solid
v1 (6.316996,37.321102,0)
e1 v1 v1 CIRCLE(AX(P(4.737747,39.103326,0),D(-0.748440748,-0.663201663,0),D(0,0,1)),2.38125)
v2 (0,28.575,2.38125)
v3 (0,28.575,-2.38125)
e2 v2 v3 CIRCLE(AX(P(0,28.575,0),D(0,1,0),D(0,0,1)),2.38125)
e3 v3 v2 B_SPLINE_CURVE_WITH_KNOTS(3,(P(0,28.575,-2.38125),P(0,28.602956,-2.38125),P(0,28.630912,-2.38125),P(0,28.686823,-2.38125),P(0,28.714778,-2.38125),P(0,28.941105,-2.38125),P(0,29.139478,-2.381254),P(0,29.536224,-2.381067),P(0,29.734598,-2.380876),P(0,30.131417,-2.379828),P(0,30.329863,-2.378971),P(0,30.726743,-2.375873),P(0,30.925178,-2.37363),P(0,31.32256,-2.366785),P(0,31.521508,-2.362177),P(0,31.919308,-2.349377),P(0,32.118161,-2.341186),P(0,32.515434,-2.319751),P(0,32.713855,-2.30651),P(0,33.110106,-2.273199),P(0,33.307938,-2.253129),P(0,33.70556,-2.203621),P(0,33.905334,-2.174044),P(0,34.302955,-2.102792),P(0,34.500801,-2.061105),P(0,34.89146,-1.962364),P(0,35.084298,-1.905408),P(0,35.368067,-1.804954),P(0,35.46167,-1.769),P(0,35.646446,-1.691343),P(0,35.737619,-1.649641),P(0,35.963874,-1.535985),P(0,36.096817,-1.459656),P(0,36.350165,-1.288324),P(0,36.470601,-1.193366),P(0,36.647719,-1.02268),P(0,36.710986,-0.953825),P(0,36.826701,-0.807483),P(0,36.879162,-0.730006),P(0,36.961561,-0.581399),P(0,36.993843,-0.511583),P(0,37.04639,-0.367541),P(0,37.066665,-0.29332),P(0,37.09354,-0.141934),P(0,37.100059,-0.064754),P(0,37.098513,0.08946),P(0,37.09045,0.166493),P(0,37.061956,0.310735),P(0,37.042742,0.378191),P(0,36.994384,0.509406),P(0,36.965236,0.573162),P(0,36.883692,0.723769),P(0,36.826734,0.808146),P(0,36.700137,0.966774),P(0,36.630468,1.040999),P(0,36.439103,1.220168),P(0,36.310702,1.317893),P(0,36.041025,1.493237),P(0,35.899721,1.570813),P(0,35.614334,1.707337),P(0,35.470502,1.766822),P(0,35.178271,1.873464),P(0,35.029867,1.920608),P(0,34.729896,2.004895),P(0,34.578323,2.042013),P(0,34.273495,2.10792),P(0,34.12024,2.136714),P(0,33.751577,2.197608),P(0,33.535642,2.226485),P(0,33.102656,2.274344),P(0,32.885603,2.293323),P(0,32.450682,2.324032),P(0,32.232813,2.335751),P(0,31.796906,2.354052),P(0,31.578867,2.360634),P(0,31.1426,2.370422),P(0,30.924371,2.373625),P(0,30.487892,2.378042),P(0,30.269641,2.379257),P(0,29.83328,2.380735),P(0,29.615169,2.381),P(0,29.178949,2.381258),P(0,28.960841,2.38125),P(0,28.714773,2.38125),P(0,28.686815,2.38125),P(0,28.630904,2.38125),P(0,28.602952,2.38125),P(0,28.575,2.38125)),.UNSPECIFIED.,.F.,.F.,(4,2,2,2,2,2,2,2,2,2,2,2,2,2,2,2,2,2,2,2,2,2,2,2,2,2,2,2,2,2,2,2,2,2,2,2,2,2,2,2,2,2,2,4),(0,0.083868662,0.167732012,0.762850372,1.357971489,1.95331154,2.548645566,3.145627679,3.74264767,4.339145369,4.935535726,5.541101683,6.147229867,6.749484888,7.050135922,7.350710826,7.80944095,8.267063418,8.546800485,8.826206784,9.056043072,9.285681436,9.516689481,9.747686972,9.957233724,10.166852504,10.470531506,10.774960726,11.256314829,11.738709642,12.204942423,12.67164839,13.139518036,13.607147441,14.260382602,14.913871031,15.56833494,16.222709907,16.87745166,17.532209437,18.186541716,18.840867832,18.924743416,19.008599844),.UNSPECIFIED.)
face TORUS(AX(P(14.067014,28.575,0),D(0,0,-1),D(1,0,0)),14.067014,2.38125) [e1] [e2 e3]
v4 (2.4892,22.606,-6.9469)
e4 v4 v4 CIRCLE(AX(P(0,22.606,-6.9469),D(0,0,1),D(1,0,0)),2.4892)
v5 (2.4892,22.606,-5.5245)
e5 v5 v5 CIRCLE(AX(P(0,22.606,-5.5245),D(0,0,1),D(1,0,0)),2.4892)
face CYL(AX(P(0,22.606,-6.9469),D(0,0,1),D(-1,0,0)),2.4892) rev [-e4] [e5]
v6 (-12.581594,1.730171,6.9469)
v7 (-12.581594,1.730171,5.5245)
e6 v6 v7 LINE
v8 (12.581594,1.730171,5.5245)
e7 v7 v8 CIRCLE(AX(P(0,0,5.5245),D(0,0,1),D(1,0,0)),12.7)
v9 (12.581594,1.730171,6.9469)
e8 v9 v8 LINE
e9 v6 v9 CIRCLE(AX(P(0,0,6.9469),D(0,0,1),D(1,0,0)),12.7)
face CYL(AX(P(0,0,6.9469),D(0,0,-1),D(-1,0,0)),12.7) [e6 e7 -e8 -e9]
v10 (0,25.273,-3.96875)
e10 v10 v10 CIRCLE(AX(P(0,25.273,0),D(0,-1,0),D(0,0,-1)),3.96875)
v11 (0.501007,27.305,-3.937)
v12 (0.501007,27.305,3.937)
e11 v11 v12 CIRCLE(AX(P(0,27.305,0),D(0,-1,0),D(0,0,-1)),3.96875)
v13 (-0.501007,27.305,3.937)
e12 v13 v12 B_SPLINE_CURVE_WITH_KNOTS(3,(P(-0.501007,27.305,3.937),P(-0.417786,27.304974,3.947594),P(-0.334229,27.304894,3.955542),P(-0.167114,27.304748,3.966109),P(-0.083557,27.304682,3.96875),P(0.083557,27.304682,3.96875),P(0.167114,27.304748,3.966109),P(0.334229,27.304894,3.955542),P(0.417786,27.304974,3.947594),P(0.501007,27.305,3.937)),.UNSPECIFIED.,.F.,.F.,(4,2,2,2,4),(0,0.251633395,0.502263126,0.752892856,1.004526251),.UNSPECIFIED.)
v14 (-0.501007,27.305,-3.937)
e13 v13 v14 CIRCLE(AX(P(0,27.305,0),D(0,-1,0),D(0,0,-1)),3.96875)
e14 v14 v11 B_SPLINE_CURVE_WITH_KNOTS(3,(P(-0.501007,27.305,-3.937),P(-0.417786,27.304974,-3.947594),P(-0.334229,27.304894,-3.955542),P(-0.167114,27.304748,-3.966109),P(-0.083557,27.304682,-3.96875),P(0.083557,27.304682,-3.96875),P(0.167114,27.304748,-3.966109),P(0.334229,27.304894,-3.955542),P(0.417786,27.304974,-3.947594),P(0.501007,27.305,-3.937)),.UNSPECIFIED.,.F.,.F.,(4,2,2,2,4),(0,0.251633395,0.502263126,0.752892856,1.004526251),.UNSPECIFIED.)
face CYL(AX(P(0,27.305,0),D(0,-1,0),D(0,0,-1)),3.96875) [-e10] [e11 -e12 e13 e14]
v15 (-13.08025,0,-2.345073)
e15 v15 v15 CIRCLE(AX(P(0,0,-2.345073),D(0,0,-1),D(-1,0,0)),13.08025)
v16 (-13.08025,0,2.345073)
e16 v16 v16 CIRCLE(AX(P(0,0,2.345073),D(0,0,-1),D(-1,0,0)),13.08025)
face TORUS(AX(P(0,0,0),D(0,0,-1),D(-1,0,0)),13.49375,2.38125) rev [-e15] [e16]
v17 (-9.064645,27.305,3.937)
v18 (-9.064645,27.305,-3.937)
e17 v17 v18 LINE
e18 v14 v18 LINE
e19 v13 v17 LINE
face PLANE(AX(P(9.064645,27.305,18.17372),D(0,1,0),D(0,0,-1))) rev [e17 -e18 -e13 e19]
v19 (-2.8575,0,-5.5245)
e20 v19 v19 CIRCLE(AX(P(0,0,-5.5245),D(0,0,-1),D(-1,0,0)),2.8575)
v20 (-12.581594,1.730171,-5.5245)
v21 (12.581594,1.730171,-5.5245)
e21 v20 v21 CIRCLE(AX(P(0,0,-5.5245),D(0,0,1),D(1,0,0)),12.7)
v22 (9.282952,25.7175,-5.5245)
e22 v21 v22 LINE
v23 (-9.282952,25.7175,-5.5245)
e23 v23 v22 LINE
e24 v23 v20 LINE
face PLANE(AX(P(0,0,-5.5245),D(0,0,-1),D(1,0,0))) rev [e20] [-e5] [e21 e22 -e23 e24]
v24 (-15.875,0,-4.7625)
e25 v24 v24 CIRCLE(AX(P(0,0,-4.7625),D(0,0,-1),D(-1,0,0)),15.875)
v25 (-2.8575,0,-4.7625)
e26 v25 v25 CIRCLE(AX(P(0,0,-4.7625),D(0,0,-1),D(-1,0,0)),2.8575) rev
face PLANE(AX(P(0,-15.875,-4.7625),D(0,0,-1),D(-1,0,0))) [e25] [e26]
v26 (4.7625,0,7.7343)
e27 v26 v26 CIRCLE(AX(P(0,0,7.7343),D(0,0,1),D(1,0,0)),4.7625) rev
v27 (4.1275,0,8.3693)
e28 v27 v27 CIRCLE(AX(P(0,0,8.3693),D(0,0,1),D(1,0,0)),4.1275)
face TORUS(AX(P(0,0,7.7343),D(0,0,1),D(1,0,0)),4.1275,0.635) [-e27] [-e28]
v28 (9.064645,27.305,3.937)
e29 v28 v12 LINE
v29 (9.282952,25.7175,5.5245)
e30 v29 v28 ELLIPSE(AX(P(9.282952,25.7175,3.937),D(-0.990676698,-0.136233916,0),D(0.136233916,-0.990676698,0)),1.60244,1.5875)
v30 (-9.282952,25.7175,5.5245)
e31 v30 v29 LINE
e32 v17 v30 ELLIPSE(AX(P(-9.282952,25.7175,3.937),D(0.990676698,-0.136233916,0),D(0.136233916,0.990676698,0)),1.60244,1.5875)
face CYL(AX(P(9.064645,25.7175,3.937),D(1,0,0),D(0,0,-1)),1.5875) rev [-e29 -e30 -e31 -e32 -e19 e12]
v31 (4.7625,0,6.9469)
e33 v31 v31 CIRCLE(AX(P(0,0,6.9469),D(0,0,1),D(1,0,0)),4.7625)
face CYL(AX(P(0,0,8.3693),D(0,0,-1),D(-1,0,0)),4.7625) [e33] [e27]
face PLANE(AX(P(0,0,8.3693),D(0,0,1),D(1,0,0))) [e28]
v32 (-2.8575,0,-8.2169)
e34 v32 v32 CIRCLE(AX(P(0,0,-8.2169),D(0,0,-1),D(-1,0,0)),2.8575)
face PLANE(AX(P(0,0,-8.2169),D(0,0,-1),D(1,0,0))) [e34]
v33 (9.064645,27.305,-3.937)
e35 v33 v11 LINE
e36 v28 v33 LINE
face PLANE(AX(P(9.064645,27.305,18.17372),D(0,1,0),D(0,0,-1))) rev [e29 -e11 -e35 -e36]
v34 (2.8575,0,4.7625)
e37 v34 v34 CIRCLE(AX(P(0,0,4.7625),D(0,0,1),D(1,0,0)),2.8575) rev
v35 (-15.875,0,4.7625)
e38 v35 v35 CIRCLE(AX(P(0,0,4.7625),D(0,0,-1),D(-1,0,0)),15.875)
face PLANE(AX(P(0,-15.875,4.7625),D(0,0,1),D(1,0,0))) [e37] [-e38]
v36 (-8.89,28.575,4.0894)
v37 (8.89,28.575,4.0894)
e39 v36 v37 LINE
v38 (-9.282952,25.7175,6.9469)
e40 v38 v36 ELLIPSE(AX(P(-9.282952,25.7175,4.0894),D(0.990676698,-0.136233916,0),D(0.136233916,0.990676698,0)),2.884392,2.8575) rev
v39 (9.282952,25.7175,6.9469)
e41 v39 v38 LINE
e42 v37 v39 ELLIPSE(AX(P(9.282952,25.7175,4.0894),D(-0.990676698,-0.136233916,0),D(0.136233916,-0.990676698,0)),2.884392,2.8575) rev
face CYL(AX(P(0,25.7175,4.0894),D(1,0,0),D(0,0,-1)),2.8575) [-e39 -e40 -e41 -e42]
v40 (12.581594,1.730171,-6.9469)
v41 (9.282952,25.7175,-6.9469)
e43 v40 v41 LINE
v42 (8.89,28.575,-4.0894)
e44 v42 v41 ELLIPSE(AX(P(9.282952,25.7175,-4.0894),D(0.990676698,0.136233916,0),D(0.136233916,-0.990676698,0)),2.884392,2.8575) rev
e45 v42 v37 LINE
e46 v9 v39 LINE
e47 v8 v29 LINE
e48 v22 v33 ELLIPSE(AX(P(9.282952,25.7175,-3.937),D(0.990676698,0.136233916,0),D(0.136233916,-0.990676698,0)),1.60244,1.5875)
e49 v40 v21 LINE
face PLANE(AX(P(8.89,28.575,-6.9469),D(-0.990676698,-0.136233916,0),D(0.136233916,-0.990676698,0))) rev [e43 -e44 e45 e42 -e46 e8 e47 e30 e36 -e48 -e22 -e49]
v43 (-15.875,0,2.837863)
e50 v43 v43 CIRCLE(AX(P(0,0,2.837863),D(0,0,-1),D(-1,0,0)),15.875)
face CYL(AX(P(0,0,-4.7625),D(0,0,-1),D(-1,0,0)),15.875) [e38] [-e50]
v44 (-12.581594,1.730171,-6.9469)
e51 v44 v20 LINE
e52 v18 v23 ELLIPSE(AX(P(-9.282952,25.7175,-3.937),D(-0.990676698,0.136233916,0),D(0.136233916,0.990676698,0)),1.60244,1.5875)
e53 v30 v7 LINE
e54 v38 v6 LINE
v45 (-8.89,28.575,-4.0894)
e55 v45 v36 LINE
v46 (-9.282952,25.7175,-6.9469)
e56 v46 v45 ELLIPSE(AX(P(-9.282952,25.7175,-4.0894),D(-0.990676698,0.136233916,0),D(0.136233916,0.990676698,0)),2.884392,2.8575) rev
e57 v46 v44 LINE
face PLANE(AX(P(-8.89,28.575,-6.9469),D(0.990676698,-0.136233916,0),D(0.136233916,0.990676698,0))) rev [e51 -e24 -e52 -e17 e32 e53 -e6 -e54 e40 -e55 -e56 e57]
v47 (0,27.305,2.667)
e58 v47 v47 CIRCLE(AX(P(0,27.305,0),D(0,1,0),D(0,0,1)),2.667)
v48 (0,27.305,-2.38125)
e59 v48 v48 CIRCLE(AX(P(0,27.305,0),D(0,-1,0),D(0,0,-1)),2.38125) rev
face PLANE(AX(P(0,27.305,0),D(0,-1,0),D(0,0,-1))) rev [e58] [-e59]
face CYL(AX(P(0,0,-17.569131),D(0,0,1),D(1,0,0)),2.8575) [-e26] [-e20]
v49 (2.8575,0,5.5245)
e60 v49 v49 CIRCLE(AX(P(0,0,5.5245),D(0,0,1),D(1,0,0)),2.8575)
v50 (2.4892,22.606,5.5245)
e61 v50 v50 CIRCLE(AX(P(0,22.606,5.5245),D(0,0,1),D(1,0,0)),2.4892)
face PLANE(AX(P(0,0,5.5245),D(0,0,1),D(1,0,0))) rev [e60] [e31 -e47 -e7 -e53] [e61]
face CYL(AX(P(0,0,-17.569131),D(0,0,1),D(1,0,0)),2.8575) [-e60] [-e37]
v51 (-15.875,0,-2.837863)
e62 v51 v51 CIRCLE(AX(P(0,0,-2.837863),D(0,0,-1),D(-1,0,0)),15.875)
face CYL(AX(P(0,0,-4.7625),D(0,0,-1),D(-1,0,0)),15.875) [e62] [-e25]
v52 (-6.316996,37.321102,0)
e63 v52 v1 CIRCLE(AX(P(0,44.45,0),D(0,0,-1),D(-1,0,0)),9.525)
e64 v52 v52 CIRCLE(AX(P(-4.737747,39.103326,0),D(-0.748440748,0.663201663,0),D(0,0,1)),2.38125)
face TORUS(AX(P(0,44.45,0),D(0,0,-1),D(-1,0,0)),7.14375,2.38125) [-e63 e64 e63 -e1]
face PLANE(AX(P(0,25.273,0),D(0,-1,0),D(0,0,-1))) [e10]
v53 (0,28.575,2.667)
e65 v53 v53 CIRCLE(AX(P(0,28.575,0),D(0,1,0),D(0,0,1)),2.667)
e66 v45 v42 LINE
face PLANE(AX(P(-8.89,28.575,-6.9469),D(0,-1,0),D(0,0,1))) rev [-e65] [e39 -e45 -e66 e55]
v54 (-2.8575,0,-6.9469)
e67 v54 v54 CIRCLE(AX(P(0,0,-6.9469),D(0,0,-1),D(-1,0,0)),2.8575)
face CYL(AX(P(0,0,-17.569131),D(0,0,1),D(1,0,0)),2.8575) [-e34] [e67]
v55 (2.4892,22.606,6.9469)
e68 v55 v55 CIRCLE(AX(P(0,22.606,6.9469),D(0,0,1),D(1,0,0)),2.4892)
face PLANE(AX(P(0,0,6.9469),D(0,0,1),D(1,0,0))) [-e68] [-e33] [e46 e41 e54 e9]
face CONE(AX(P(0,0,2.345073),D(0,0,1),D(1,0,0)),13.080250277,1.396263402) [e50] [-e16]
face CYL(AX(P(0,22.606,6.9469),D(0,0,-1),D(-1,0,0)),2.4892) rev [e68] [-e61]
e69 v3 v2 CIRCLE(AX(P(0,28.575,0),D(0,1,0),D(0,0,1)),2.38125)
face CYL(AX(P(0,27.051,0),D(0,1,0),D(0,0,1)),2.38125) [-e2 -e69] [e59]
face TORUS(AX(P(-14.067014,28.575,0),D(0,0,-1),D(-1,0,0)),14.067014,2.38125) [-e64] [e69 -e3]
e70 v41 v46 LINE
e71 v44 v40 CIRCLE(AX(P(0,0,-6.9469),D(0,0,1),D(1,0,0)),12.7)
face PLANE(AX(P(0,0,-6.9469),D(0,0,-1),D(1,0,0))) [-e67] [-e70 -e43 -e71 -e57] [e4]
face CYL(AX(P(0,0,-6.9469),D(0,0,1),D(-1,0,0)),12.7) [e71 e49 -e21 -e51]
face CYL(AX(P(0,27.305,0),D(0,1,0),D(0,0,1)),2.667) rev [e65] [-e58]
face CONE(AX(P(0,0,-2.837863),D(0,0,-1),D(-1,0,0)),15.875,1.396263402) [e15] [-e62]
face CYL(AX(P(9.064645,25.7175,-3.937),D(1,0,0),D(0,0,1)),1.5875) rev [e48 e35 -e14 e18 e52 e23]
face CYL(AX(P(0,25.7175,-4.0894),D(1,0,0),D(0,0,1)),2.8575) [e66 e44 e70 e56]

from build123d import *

# Parameters (mm, degrees)
REVOLVE1_ANGLE           = 360
SKETCH3_R                = 2.4892
BOSS_EXTRUDE1_DEPTH      = 1.4224
BOSS_EXTRUDE2_DEPTH      = 5.5245
FILLET1_R                = 1.5875
FILLET2_R                = 2.8575
SKETCH5_R                = 2.667
CUT_EXTRUDE1_DEPTH       = 1.27
SKETCH6_R                = 4.7625
BOSS_EXTRUDE3_DEPTH      = 1.4224
FILLET3_R                = 0.635
SKETCH7_R                = 2.8575
BOSS_EXTRUDE4_DEPTH      = 13.7414
SKETCH8_R                = 2.38125
SKETCH10_R               = 2.38125
BOSS_EXTRUDE5_DEPTH      = 1.524
SKETCH11_R               = 3.96875
BOSS_EXTRUDE6_DEPTH      = 1.778
BOSS_EXTRUDE6_DEPTH_BACK = 0.254


with BuildPart() as part:
    # Sketch2 → Revolve1 (revolve, symmetric)
    with BuildSketch(Plane(origin=(0, 0, 0), x_dir=(0, 0, -1), z_dir=(1, 0, 0))) as revolve1_sk:
        with BuildLine():
            Line((-2.345073462, 13.080250277), (-2.837863242, 15.875))
            Line((-2.837863242, 15.875), (-4.7625, 15.875))
            Line((-4.7625, 15.875), (-4.7625, 0))
            Line((-4.7625, 0), (4.7625, 0))
            Line((4.7625, 0), (4.7625, 15.875))
            Line((4.7625, 15.875), (2.837863242, 15.875))
            Line((2.837863242, 15.875), (2.345073462, 13.080250277))
            ThreePointArc((2.345073462, 13.080250277), (0, 11.1125), (-2.345073462, 13.080250277))
        make_face()
    revolve(axis=Axis((0, 0, -4.7625), (0, 0, 1)), revolution_arc=REVOLVE1_ANGLE / 2)
    revolve(revolve1_sk.sketch, axis=Axis((0, 0, -4.7625), (0, 0, -1)), revolution_arc=REVOLVE1_ANGLE / 2)



with BuildPart() as body_2:
    # Sketch3 → Boss-Extrude1 (new body)
    with BuildSketch(Plane.XY.offset(5.5245)):
        with BuildLine():
            Line((-8.89, 28.575), (8.89, 28.575))
            Line((8.89, 28.575), (12.581594065, 1.730170735))
            ThreePointArc((12.581594065, 1.730170735), (0, -12.7), (-12.581594065, 1.730170735))
            Line((-12.581594065, 1.730170735), (-8.89, 28.575))
        make_face()
        with Locations((0, 22.606)):
            Circle(SKETCH3_R, mode=Mode.SUBTRACT)
    extrude(amount=BOSS_EXTRUDE1_DEPTH)

    # Sketch4 → Boss-Extrude2 (add)
    with BuildSketch(Plane(origin=(0, 0, 5.5245), x_dir=(-1, 0, 0), z_dir=(0, 0, -1))):
        Polygon((-9.064645345, 27.305), (9.064645345, 27.305), (8.89, 28.575), (-8.89, 28.575), align=None)
    extrude(amount=BOSS_EXTRUDE2_DEPTH)

    # Fillet1
    fillet1_edges = [body_2.edges().sort_by_distance(p)[0] for p in [
        (0, 27.305, 5.5245),
    ]]
    fillet(fillet1_edges, radius=FILLET1_R)

    # Fillet2
    fillet2_edges = [body_2.edges().sort_by_distance(p)[0] for p in [
        (0, 28.575, 6.9469),
    ]]
    fillet(fillet2_edges, radius=FILLET2_R)


with BuildPart() as body_3:
    # Mirror1: mirrored copy
    add(body_2.part.mirror(Plane.XY))


with BuildPart() as cut_extrude1_tool:
    # Sketch5 → Cut-Extrude1 (new body)
    with BuildSketch(Plane(origin=(0, 28.575, 0), x_dir=(1, 0, 0), z_dir=(0, 1, 0))):
        Circle(SKETCH5_R)
    extrude(amount=-CUT_EXTRUDE1_DEPTH)


with BuildPart() as body_2_1:
    add(body_2.part)

    # Cut-Extrude1: cut by cut_extrude1_tool
    add(cut_extrude1_tool.part, mode=Mode.SUBTRACT)

    # Sketch6 → Boss-Extrude3 (add)
    with BuildSketch(Plane.XY.offset(6.9469)):
        Circle(SKETCH6_R)
    extrude(amount=BOSS_EXTRUDE3_DEPTH)

    # Fillet3
    fillet3_edges = [body_2_1.edges().sort_by_distance(p)[0] for p in [
        (-4.7625, 0, 8.3693),
    ]]
    fillet(fillet3_edges, radius=FILLET3_R)


with BuildPart() as body_3_1:
    add(body_3.part)

    # Cut-Extrude1: cut by cut_extrude1_tool
    add(cut_extrude1_tool.part, mode=Mode.SUBTRACT)


with BuildPart() as part_1:
    add(part.part)

    add(body_2_1.part)  # Boss-Extrude4 merges body 2

    add(body_3_1.part)  # Boss-Extrude4 merges body 3
    # Sketch7 → Boss-Extrude4 (add)
    with BuildSketch(Plane(origin=(0, 0, 5.5245), x_dir=(-1, 0, 0), z_dir=(0, 0, -1))):
        Circle(SKETCH7_R)
    extrude(amount=BOSS_EXTRUDE4_DEPTH)



with BuildPart() as body_2_2:
    # Sweep1: sweep along a path in Sketch9
    with BuildLine(Plane.XY) as sweep1_path:
        ThreePointArc((-2.38125, 28.575), (-3.410514494, 33.370424728), (-6.316995842, 37.321101871))
        ThreePointArc((-6.316995842, 37.321101871), (-8.905851438, 47.82808158), (0, 53.975))
    # Sketch8 → Sweep1 (sweep)
    with BuildSketch(Plane(origin=(0, 28.575, 0), x_dir=(1, 0, 0), z_dir=(0, 1, 0))):
        Circle(SKETCH8_R)
    sweep1 = sweep(path=sweep1_path.line)

    # Mirror3: Sweep1 across plane
    add(sweep1.mirror(Plane(origin=(0, 0, 0), x_dir=(0, 0, 1), z_dir=(1, 0, 0))))

    # Sketch10 → Boss-Extrude5 (add)
    with BuildSketch(Plane.XZ.offset(-28.575)):
        Circle(SKETCH10_R)
    extrude(amount=BOSS_EXTRUDE5_DEPTH)


with BuildPart() as part_2:
    add(part_1.part)

    add(body_2_2.part)  # Boss-Extrude6 merges body 2 2
    # Sketch11 → Boss-Extrude6 (add, two sides)
    with BuildSketch(Plane.XZ.offset(-27.051)) as boss_extrude6_sk:
        Circle(SKETCH11_R)
    extrude(amount=BOSS_EXTRUDE6_DEPTH)
    extrude(boss_extrude6_sk.sketch, amount=-BOSS_EXTRUDE6_DEPTH_BACK)


solid = part_2.part
